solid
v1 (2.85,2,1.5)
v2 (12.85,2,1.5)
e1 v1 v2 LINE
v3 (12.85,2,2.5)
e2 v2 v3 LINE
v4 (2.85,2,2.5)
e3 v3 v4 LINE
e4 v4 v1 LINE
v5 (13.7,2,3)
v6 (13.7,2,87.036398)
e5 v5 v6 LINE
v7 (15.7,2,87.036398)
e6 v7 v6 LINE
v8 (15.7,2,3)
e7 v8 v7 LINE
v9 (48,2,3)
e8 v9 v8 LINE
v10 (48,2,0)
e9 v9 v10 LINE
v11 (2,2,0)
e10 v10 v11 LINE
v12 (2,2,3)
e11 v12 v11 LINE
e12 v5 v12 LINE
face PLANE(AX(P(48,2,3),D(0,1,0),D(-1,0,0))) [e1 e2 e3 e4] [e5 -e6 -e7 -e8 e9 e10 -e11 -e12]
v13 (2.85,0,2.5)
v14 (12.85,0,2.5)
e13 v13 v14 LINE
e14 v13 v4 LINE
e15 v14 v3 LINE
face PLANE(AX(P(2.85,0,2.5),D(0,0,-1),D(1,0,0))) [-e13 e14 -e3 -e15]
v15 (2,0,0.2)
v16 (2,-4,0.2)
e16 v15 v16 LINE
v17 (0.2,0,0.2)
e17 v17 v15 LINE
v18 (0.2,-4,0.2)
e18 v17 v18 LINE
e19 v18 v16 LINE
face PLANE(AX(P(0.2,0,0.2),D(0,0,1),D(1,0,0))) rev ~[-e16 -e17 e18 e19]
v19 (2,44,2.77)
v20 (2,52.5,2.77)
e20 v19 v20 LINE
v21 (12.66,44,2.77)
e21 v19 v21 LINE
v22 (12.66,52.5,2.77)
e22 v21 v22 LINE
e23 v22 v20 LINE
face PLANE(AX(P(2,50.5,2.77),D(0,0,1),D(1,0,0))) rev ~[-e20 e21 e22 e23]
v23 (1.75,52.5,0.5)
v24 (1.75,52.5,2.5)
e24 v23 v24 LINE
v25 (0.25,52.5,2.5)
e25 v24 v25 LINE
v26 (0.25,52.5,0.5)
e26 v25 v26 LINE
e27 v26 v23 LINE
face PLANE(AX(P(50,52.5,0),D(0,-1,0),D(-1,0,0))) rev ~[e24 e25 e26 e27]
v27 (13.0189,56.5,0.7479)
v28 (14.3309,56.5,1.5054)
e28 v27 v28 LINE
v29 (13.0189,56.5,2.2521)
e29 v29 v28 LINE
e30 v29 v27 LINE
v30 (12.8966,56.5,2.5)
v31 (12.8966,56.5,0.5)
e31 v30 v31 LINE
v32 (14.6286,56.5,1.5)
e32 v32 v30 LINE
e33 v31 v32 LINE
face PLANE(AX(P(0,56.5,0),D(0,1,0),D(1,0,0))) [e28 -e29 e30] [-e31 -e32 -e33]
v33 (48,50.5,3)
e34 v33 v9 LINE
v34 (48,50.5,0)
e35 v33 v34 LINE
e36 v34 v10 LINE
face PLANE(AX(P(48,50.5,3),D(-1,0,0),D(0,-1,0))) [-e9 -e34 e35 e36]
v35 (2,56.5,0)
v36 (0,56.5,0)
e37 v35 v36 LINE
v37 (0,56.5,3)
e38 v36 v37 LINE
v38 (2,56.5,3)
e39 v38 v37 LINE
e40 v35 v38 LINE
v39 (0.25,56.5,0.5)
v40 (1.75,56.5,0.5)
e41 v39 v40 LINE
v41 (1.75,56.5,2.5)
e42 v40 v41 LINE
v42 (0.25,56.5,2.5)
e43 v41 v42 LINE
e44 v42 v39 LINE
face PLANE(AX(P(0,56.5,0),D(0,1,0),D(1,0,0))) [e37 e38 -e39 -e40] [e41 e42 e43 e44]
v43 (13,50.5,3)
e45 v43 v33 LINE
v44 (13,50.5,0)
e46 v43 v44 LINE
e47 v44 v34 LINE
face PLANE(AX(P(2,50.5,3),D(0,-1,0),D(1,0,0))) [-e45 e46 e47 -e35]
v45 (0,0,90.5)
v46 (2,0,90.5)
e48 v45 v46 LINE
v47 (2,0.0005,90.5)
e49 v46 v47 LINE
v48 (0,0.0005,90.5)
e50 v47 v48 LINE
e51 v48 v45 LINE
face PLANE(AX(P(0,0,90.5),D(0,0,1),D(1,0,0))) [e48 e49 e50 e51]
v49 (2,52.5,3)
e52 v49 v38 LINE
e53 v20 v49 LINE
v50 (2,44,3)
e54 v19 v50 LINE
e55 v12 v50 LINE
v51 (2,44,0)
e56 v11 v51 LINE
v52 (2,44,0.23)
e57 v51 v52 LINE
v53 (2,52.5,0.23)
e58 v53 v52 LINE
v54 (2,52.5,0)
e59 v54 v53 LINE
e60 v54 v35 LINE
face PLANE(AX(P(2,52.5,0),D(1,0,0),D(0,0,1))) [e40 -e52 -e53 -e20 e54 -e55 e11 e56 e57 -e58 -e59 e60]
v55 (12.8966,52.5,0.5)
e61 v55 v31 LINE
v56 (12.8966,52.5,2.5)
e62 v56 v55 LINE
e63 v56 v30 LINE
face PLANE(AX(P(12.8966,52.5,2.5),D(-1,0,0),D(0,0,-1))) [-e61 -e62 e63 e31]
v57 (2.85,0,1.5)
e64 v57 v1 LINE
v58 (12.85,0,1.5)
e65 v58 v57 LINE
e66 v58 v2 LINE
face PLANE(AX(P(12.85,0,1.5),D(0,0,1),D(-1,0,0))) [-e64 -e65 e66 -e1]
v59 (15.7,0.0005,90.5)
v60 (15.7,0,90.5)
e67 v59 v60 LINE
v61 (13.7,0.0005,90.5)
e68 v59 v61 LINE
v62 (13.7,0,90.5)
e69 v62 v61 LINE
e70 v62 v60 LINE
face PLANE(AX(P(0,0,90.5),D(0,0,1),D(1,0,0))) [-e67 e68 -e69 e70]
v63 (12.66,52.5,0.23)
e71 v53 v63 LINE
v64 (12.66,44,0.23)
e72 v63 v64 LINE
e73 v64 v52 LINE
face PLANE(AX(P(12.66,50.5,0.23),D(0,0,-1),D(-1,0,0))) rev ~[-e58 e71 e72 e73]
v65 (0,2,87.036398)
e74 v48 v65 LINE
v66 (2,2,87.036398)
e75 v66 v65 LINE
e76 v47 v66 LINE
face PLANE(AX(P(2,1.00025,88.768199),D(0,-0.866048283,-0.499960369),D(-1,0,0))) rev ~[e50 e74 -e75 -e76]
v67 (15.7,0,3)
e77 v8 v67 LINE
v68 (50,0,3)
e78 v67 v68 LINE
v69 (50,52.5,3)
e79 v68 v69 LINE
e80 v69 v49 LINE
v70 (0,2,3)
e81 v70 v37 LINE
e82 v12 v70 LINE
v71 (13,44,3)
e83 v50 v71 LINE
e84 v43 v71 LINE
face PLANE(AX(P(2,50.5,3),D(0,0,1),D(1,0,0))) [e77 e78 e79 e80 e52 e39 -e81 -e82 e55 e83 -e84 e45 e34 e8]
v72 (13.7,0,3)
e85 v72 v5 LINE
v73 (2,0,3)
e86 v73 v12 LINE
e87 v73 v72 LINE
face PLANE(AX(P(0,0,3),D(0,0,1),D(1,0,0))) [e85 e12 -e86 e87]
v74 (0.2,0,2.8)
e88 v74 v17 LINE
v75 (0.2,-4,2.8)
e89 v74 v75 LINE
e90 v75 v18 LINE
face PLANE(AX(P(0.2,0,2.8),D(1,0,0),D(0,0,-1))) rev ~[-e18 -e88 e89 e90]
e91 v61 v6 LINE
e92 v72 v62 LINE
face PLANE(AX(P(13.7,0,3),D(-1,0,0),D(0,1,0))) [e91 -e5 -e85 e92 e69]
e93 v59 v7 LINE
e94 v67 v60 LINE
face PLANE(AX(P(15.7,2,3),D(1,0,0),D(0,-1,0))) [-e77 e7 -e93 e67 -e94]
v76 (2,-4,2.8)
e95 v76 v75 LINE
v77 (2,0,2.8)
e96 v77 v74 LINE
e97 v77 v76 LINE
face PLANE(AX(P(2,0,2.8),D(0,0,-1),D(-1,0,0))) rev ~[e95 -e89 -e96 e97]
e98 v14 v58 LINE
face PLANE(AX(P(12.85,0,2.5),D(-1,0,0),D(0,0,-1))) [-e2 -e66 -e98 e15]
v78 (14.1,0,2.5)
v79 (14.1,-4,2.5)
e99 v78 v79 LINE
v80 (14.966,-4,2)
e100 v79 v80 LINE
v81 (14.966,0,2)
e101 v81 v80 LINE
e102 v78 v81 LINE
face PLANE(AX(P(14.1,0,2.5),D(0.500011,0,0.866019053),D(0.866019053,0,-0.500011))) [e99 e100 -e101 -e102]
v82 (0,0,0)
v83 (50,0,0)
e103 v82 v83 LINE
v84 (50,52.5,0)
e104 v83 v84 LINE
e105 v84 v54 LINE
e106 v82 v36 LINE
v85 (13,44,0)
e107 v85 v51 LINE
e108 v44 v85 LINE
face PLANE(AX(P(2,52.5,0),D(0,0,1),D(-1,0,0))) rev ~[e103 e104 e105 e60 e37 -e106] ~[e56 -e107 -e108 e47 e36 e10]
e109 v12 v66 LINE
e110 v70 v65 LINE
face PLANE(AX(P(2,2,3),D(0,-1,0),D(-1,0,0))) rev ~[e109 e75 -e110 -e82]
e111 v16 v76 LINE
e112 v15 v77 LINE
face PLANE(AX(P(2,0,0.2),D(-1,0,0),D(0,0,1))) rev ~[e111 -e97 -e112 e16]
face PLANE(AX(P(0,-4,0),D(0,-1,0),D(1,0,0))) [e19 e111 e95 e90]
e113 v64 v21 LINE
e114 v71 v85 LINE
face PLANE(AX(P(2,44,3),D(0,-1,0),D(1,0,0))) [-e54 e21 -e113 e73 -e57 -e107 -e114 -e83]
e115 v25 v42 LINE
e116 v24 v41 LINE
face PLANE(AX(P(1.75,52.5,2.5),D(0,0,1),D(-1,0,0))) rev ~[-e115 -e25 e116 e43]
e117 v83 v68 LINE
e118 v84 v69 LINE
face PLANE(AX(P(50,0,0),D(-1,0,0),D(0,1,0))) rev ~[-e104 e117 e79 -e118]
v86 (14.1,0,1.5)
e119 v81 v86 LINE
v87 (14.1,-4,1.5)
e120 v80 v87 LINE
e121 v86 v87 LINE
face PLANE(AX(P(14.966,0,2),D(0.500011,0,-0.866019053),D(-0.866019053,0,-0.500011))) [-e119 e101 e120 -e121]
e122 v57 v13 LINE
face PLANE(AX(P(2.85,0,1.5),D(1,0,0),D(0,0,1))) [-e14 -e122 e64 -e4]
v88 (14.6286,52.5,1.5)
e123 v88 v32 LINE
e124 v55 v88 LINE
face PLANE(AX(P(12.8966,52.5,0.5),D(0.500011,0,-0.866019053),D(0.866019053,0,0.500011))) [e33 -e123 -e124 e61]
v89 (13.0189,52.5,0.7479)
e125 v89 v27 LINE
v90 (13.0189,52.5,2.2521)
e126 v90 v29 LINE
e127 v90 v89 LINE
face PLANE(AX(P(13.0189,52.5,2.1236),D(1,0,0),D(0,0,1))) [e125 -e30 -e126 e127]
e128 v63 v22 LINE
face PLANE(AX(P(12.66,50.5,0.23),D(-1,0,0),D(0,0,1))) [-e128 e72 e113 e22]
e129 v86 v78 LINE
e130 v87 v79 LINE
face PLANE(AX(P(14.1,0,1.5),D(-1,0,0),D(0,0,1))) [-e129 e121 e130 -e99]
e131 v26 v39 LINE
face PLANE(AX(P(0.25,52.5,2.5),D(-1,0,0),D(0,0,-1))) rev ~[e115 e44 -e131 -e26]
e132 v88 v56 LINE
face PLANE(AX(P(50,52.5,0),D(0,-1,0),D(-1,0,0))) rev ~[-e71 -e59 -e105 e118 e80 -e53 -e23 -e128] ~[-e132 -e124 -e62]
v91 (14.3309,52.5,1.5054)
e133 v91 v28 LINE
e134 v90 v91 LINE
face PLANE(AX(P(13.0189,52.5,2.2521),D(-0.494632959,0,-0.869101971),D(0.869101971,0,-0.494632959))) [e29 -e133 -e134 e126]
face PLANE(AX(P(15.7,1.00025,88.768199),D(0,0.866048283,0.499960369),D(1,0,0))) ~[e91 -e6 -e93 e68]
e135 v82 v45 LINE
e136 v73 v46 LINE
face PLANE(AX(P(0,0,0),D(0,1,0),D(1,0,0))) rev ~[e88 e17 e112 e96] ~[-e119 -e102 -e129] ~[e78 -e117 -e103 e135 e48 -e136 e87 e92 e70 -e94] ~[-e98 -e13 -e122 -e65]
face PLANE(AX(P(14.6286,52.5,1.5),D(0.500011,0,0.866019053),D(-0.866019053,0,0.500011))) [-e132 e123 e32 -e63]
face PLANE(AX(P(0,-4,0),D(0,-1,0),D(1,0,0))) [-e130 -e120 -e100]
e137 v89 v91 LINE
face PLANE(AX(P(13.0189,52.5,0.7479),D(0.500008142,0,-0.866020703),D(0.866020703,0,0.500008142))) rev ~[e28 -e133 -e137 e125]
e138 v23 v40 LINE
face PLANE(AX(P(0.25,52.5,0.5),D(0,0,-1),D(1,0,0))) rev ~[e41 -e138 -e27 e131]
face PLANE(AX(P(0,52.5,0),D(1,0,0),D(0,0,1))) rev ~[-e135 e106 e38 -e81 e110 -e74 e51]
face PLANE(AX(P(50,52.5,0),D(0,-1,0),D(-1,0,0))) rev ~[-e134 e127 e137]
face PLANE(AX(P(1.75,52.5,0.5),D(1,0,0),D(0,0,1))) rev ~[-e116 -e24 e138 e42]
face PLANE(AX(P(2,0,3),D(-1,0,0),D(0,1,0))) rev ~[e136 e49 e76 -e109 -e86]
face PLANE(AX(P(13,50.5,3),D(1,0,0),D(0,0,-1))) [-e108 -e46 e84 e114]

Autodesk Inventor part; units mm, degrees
ref_plane "YZ Plane" through (0, 0, 0) normal (1, 0, 0) x (0, 1, 0)
ref_plane "XZ Plane" through (0, 0, 0) normal (0, 1, 0) x (-1, 0, 0)
ref_plane "XY Plane" through (0, 0, 0) normal (0, 0, 1) x (1, 0, 0)
sketch "Sketch1" plane through (0, 0, 0) normal (0, 0, 1) x (1, 0, 0)
  line L0 (0, 0) -> (50, 0)
  line L1 (50, 0) -> (50, 52.5)
  line L2 (50, 52.5) -> (0, 52.5)
  line L3 (0, 52.5) -> (0, 0)
  dimension "d0" = 50
  dimension "d1" = 52.5
extrude "Extrusion1" add sketch "Sketch1" along normal blind 3
sketch "Sketch2" plane through (0, 0, 3) normal (0, 0, 1) x (1, 0, 0)
  line L0 (2, 50.5) -> (48, 50.5)
  line L1 (48, 50.5) -> (48, 2)
  line L2 (48, 2) -> (2, 2)
  line L3 (2, 2) -> (2, 50.5)
  dimension "d4" = 46
  dimension "d5" = 48.5
extrude "Extrusion2" cut sketch "Sketch2" against normal blind 10
sketch "Sketch3" plane through (0, 0, 3) normal (0, 0, 1) x (1, 0, 0)
  line L0 (48, 2) -> (2, 2) projected
  line L1 (0, 52.5) -> (0, 0) projected
  line L2 (2, 2) -> (0, 2)
  line L3 (0, 2) -> (0, 0)
  line L4 (0, 0) -> (2, 0)
  line L5 (2, 0) -> (2, 2)
  line L6 (0, 0) -> (50, 0) projected
  line L7 (13.7, 2) -> (15.7, 2)
  line L8 (15.7, 2) -> (15.7, 0)
  line L9 (15.7, 0) -> (13.7, 0)
  line L10 (13.7, 0) -> (13.7, 2)
  line L11 (0, 2) -> (2, 2)
  line L12 (2, 2) -> (2, 0)
  line L13 (2, 0) -> (0, 0)
  line L14 (0, 0) -> (0, 2)
  line L15 (13.7, 2) -> (15.7, 2)
  line L16 (15.7, 2) -> (15.7, 0)
  line L17 (15.7, 0) -> (13.7, 0)
  line L18 (13.7, 0) -> (13.7, 2)
  dimension "d8" = 2
  dimension "d9" = 11.7
extrude "Extrusion3" add sketch "Sketch3" along normal blind 87.5 contours L8 L6 L10 L0 | L5 L4 L1 L2
chamfer "Chamfer1" distance 2 angle 60 1 edges at (1, 2, 90.5) measured on face at (1.3333, 0.6667, 90.5)
chamfer "Chamfer2" distance 2 angle 60 1 edges at (14.7, 2, 90.5) measured on face at (14.3667, 0.6667, 90.5)
sketch "Sketch4" plane through (0, 0, 0) normal (0, -1, 0) x (1, 0, 0)
  line L0 (0, 0) -> (50, 0) projected
  line L1 (0, 0) -> (0, 90.5) projected
  line L2 (12.85, 1.5) -> (2.85, 1.5)
  line L3 (2.85, 1.5) -> (2.85, 2.5)
  line L4 (2.85, 2.5) -> (12.85, 2.5)
  line L5 (12.85, 2.5) -> (12.85, 1.5)
  dimension "d18" = 10
  dimension "d19" = 1
  dimension "d20" = 1.5
  dimension "d21" = 2.85
extrude "Extrusion4" cut sketch "Sketch4" against normal blind 10
sketch "Sketch5" plane through (0, 0, 0) normal (0, -1, 0) x (1, 0, 0)
  line L0 (12.85, 2.5) -> (12.85, 1.5) projected
  line L1 (2.85, 1.5) -> (2.85, 2.5) projected
  line L2 (0, 0) -> (50, 0) projected
  line L3 (14.1, 2.5) -> (14.966, 2)
  line L4 (14.966, 2) -> (14.1, 1.5)
  line L5 (14.1, 1.5) -> (14.1, 2.5)
  line L6 (2, 3) -> (48, 3) projected
  line L7 (2, 2.8) -> (0.2, 2.8)
  line L8 (0.2, 2.8) -> (0.2, 0.2)
  line L9 (0.2, 0.2) -> (2, 0.2)
  line L10 (2, 0.2) -> (2, 2.8)
  line L11 (2, 3) -> (13.7, 3) projected
  dimension "d24" = 1
  dimension "d25" = 1.8
  dimension "d26" = 0.85
  dimension "d27" = 1.25
  dimension "d28" = 1.8
  dimension "d29" = 2.6
  dimension "d30" = 2.6
  dimension "d31" = 1
  dimension "d32" = 1
  dimension "d33" = 0.5
  dimension "d103" = 0.2
  dimension "d104" = 0.2
extrude "Extrusion5" add sketch "Sketch5" along normal blind 4
sketch "Sketch6" plane through (0, 52.5, 0) normal (0, 1, 0) x (1, 0, 0)
  line L0 (0, 0) -> (0, -3) projected
  line L1 (50, -3) -> (0, -3) projected
  line L2 (12.66, -1.75) -> (12.66, -2.77)
  line L3 (12.66, -2.77) -> (2, -2.77)
  line L4 (2, -2.77) -> (2, -0.23)
  line L5 (2, -0.23) -> (12.66, -0.23)
  line L6 (12.66, -0.23) -> (12.66, -2.77)
  line L7 (50, 0) -> (0, 0) projected
  point P0 (2.85, -1.5)
  dimension "d1" = 52.5
  dimension "d51" = 10.66
  dimension "d52" = 2.54
  dimension "d54" = 0.23
  dimension "d55" = 2
  dimension "d57" = 0.23
extrude "Extrusion6" cut sketch "Sketch6" against normal blind 4
sketch "Sketch7" plane through (2, 50.5, 3) normal (0, -1, 0) x (1, 0, 0)
  line L0 (10.66, -2.77) -> (0, -2.77) projected
  line L1 (46, -3) -> (0, -3) projected
  line L2 (11, -3) -> (0, -3)
  line L3 (0, -3) -> (0, -2.77)
  line L4 (0, 0) -> (11, 0)
  line L5 (0, -0.23) -> (0, 0)
  line L6 (11, 0) -> (11, -3)
  line L7 (10.66, -2.77) -> (0, -2.77)
  line L8 (0, -0.23) -> (10.66, -0.23)
  line L9 (48, 0) -> (-2, 0) projected
  line L10 (10.66, -2.77) -> (10.66, -0.23)
  line L11 (11, -3) -> (11, 0)
  line L12 (10.66, -2.77) -> (10.66, -0.23) projected
  line L13 (10.66, -2.77) -> (10.66, -0.23)
  point P0 (-2, -3)
extrude "Extrusion7" add sketch "Sketch7" along normal blind 6.5
sketch "Sketch8" plane through (0, 52.5, 0) normal (0, 1, 0) x (1, 0, 0)
  line L0 (50, 0) -> (0, 0) projected
  line L1 (50, 0) -> (50, -3) projected
  line L2 (12.8966, -0.5) -> (14.6286, -1.5)
  line L3 (12.8966, -0.5) -> (14.8966, -0.5) construction
  line L4 (14.6286, -1.5) -> (12.8966, -2.5)
  line L5 (12.66, -2.77) -> (12.66, -0.23) projected
  line L6 (12.8966, -2.5) -> (12.8966, -0.5)
  line L7 (13.0189, -2.1236) -> (13.0189, -0.9087)
  line L8 (13.0189, -0.9087) -> (13.0189, -0.7479)
  line L9 (13.0189, -0.7479) -> (14.3309, -1.5054)
  line L10 (13.0189, -2.1236) -> (13.0189, -2.2521)
  line L11 (13.0189, -2.2521) -> (14.3309, -1.5054)
  dimension "d60" = 2
  dimension "d61" = 30
  dimension "d62" = 2
  dimension "d63" = 60
  dimension "d64" = 0.5
  dimension "d65" = 35.3714
  dimension "d98" = 1.312
  dimension "d99" = 0.1535
  dimension "d100" = 0.1535
sketch "Sketch9" plane through (0, 52.5, 0) normal (0, 1, 0) x (1, 0, 0)
  line L0 (50, 0) -> (0, 0) projected
  line L1 (0, 0) -> (0, -3) projected
  line L2 (50, -3) -> (0, -3) projected
  line L3 (2, -2.77) -> (2, -0.23) projected
  line L4 (2, -3) -> (0, -3)
  line L5 (0, -3) -> (0, 0)
  line L6 (0, 0) -> (2, 0)
  line L7 (2, 0) -> (2, -3)
  line L8 (1.75, -2.5) -> (0.25, -2.5)
  line L9 (0.25, -2.5) -> (0.25, -0.5)
  line L10 (0.25, -0.5) -> (1.75, -0.5)
  line L11 (1.75, -0.5) -> (1.75, -2.5)
  dimension "d74" = 2
  dimension "d75" = 3
  dimension "d76" = 0
  dimension "d77" = 0
  dimension "d78" = 0
  dimension "d79" = 0
  dimension "d81" = 1.5
  dimension "d82" = 2
  dimension "d94" = 0.5
  dimension "d95" = 0.25
extrude "Extrusion10" add sketch "Sketch9" along normal blind 4
extrude "Extrusion11" add sketch "Sketch8" along normal blind 4
properties part number "Zijplaat 1"
